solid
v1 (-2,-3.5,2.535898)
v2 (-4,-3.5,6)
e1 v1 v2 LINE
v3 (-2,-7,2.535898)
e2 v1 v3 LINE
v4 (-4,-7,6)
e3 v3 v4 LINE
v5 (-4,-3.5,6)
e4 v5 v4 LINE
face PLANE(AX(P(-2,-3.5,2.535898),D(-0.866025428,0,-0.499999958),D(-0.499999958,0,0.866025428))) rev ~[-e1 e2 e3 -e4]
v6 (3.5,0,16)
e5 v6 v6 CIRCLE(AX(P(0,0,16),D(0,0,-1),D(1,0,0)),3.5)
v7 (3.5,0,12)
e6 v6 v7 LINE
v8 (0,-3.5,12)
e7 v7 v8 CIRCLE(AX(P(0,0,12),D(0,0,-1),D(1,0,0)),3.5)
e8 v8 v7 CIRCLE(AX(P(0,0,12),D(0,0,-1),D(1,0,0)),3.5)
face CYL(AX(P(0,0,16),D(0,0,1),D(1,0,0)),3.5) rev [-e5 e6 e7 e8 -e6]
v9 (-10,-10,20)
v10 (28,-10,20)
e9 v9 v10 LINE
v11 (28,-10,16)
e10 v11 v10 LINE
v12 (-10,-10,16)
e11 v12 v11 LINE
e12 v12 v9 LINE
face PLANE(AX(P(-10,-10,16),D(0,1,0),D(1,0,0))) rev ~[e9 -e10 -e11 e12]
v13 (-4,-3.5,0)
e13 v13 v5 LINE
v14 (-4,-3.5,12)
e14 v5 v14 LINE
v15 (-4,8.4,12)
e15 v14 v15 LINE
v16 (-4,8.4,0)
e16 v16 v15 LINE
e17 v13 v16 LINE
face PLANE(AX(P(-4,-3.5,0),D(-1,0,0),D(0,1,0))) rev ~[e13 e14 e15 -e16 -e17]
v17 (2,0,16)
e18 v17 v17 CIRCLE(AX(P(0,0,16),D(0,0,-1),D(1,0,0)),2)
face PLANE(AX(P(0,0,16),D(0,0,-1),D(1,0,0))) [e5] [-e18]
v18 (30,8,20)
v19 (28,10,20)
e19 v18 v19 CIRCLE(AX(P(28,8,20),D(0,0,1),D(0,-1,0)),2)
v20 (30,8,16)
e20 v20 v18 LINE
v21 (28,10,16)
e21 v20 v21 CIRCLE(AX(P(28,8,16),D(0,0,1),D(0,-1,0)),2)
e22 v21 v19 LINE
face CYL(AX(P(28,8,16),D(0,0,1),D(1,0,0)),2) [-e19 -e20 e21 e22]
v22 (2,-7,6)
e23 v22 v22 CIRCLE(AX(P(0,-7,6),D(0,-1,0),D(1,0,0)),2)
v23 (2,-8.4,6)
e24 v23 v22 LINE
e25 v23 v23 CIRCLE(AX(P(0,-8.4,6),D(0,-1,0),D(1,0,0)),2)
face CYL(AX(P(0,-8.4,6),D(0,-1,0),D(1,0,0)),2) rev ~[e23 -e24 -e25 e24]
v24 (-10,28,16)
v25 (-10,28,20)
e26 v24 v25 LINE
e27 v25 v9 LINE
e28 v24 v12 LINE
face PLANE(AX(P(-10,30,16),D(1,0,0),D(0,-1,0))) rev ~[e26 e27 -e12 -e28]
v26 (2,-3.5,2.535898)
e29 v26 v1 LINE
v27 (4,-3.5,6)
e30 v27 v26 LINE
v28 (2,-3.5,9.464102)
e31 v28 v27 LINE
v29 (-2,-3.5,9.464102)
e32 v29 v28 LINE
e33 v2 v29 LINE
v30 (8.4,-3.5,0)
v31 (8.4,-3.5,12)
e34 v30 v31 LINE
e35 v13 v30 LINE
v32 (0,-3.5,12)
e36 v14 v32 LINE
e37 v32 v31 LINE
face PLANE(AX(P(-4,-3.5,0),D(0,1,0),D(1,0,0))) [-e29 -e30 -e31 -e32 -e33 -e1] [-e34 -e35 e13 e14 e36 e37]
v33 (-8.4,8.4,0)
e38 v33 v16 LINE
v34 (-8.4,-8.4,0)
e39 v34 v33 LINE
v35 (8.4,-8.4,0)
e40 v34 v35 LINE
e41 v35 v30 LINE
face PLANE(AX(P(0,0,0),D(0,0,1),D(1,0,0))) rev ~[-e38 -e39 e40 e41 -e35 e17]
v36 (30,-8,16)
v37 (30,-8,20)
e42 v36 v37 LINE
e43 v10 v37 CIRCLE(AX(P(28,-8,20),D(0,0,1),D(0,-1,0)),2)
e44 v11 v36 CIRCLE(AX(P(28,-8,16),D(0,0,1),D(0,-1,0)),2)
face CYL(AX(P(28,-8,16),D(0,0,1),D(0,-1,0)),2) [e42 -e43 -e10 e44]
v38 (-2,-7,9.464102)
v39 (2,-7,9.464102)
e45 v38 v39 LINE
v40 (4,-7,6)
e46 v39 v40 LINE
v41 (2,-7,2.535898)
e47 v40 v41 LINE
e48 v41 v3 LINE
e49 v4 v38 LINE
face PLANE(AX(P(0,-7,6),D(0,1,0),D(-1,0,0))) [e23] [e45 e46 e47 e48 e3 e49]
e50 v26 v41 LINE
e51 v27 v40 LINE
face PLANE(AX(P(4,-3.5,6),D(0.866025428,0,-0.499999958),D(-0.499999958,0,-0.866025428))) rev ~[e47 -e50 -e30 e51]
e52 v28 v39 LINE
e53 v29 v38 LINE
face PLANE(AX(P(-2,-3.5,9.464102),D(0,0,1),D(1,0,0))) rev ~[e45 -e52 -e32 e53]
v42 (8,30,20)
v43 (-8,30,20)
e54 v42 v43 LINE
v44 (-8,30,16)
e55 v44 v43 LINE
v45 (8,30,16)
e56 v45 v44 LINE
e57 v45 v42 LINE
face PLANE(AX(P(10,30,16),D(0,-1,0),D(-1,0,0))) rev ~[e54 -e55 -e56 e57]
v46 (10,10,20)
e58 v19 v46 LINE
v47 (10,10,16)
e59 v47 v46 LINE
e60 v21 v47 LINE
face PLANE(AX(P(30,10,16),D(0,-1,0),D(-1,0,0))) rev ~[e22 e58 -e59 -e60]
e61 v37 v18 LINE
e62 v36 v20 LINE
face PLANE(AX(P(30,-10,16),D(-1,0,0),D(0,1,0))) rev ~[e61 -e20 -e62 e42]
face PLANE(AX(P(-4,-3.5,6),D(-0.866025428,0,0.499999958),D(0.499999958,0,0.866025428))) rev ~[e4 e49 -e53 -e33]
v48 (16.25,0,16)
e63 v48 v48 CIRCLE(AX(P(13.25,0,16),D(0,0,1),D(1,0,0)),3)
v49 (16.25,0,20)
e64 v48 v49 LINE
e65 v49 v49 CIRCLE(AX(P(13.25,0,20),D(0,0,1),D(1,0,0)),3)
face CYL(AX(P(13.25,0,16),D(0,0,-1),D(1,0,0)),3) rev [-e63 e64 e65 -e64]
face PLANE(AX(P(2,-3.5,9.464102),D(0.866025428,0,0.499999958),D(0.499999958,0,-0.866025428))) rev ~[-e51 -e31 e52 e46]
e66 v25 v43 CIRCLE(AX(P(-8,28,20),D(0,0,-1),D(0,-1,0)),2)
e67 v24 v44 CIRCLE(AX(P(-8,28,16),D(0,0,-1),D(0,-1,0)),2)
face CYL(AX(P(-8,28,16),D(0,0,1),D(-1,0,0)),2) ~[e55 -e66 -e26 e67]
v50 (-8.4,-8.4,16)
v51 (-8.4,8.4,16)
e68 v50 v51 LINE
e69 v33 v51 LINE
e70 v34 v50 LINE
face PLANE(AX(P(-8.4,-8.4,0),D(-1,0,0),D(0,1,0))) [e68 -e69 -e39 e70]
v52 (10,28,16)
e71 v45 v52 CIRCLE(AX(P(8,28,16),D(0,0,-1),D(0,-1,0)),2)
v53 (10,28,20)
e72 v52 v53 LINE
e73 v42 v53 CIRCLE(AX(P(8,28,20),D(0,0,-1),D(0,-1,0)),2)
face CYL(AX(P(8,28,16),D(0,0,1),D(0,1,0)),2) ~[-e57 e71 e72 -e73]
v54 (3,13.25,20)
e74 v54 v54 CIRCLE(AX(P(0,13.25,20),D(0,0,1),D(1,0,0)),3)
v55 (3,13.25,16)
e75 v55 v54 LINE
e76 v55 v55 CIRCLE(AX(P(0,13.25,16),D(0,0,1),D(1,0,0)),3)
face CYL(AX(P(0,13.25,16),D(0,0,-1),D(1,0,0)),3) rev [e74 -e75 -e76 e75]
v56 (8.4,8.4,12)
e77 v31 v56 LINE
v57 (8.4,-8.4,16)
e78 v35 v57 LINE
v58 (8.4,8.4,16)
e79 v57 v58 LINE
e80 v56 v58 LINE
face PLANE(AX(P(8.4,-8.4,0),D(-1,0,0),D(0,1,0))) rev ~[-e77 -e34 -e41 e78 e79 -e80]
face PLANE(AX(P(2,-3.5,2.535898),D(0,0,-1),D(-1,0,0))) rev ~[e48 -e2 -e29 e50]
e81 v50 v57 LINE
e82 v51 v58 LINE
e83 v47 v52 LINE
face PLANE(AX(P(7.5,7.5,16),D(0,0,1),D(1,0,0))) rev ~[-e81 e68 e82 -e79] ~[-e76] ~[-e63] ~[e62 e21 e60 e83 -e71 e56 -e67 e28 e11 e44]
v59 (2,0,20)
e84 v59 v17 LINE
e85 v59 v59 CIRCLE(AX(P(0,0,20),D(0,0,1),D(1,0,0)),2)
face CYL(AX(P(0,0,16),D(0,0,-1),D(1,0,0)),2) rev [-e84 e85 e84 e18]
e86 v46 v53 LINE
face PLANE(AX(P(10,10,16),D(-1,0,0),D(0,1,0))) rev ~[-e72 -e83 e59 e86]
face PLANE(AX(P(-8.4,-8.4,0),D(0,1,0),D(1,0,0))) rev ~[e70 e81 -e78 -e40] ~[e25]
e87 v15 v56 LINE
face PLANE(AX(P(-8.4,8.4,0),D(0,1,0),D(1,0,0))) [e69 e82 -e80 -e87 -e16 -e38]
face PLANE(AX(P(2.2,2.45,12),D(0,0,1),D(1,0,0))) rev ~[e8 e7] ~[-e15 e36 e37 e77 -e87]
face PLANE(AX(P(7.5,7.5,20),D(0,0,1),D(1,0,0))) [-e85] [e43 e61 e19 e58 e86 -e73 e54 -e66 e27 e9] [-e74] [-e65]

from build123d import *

# Parameters (mm, degrees)
SKETCH_W        = 16.8
SKETCH_H        = 16.8
SKETCH_R        = 2
PAD_DEPTH       = 16
SKETCH002_R     = 2
SKETCH002_R_2   = 3
PAD001_DEPTH    = 4
SKETCH003_W     = 12.4
SKETCH003_H     = 11.9
POCKET001_DEPTH = 12
SKETCH001_R     = 3.5
POCKET_DEPTH    = 4
POCKET002_DEPTH = 3.5
SKETCH005_R     = 2
POCKET003_DEPTH = 38.401
FILLET_R        = 2


with BuildPart() as part:
    # Sketch → Pad (new body)
    with BuildSketch(Plane.XY):
        Rectangle(SKETCH_W, SKETCH_H)
        Circle(SKETCH_R, mode=Mode.SUBTRACT)
    extrude(amount=PAD_DEPTH)

    # Sketch002 → Pad001 (join)
    with BuildSketch(Plane.XY.offset(16)):
        Polygon((-10, -10), (30, -10), (30, 10), (10, 10), (10, 30), (-10, 30), align=None)
        Circle(SKETCH002_R, mode=Mode.SUBTRACT)
        with Locations((0, 13.25)):
            Circle(SKETCH002_R_2, mode=Mode.SUBTRACT)
        with Locations((13.25, 0)):
            Circle(SKETCH002_R_2, mode=Mode.SUBTRACT)
    extrude(amount=PAD001_DEPTH)

    # Sketch003 → Pocket001 (cut)
    with BuildSketch(Plane.XY):
        with Locations((2.2, 2.45)):
            Rectangle(SKETCH003_W, SKETCH003_H)
    extrude(amount=POCKET001_DEPTH, mode=Mode.SUBTRACT)

    # Sketch001 (on Face5 of Pocket001) → Pocket (cut)
    with BuildSketch(Plane(origin=(0, 0, 16), x_dir=(1, 0, 0), z_dir=(0, 0, -1))):
        Circle(SKETCH001_R)
    extrude(amount=POCKET_DEPTH, mode=Mode.SUBTRACT)

    # Sketch004 (on Face7 of Pocket) → Pocket002 (cut)
    with BuildSketch(Plane(origin=(0, -3.5, 0), x_dir=(-1, 0, 0), z_dir=(0, 1, 0))):
        Polygon((4, 6), (2, 9.464102), (-2, 9.464102), (-4, 6), (-2, 2.535898), (2, 2.535898), align=None)
    extrude(amount=-POCKET002_DEPTH, mode=Mode.SUBTRACT)

    # Sketch005 (on Face1 of Pocket002) → Pocket003 (cut, through all)
    with BuildSketch(Plane.XZ.offset(8.4)):
        with Locations((0, 6)):
            Circle(SKETCH005_R)
    extrude(amount=-POCKET003_DEPTH, mode=Mode.SUBTRACT)

    # Fillet
    fillet_edges = [part.edges().sort_by_distance(p)[0] for p in [
        (-10, 30, 18),
        (10, 30, 18),
        (30, 10, 18),
        (30, -10, 18),
    ]]
    fillet(fillet_edges, radius=FILLET_R)


solid = part.part
